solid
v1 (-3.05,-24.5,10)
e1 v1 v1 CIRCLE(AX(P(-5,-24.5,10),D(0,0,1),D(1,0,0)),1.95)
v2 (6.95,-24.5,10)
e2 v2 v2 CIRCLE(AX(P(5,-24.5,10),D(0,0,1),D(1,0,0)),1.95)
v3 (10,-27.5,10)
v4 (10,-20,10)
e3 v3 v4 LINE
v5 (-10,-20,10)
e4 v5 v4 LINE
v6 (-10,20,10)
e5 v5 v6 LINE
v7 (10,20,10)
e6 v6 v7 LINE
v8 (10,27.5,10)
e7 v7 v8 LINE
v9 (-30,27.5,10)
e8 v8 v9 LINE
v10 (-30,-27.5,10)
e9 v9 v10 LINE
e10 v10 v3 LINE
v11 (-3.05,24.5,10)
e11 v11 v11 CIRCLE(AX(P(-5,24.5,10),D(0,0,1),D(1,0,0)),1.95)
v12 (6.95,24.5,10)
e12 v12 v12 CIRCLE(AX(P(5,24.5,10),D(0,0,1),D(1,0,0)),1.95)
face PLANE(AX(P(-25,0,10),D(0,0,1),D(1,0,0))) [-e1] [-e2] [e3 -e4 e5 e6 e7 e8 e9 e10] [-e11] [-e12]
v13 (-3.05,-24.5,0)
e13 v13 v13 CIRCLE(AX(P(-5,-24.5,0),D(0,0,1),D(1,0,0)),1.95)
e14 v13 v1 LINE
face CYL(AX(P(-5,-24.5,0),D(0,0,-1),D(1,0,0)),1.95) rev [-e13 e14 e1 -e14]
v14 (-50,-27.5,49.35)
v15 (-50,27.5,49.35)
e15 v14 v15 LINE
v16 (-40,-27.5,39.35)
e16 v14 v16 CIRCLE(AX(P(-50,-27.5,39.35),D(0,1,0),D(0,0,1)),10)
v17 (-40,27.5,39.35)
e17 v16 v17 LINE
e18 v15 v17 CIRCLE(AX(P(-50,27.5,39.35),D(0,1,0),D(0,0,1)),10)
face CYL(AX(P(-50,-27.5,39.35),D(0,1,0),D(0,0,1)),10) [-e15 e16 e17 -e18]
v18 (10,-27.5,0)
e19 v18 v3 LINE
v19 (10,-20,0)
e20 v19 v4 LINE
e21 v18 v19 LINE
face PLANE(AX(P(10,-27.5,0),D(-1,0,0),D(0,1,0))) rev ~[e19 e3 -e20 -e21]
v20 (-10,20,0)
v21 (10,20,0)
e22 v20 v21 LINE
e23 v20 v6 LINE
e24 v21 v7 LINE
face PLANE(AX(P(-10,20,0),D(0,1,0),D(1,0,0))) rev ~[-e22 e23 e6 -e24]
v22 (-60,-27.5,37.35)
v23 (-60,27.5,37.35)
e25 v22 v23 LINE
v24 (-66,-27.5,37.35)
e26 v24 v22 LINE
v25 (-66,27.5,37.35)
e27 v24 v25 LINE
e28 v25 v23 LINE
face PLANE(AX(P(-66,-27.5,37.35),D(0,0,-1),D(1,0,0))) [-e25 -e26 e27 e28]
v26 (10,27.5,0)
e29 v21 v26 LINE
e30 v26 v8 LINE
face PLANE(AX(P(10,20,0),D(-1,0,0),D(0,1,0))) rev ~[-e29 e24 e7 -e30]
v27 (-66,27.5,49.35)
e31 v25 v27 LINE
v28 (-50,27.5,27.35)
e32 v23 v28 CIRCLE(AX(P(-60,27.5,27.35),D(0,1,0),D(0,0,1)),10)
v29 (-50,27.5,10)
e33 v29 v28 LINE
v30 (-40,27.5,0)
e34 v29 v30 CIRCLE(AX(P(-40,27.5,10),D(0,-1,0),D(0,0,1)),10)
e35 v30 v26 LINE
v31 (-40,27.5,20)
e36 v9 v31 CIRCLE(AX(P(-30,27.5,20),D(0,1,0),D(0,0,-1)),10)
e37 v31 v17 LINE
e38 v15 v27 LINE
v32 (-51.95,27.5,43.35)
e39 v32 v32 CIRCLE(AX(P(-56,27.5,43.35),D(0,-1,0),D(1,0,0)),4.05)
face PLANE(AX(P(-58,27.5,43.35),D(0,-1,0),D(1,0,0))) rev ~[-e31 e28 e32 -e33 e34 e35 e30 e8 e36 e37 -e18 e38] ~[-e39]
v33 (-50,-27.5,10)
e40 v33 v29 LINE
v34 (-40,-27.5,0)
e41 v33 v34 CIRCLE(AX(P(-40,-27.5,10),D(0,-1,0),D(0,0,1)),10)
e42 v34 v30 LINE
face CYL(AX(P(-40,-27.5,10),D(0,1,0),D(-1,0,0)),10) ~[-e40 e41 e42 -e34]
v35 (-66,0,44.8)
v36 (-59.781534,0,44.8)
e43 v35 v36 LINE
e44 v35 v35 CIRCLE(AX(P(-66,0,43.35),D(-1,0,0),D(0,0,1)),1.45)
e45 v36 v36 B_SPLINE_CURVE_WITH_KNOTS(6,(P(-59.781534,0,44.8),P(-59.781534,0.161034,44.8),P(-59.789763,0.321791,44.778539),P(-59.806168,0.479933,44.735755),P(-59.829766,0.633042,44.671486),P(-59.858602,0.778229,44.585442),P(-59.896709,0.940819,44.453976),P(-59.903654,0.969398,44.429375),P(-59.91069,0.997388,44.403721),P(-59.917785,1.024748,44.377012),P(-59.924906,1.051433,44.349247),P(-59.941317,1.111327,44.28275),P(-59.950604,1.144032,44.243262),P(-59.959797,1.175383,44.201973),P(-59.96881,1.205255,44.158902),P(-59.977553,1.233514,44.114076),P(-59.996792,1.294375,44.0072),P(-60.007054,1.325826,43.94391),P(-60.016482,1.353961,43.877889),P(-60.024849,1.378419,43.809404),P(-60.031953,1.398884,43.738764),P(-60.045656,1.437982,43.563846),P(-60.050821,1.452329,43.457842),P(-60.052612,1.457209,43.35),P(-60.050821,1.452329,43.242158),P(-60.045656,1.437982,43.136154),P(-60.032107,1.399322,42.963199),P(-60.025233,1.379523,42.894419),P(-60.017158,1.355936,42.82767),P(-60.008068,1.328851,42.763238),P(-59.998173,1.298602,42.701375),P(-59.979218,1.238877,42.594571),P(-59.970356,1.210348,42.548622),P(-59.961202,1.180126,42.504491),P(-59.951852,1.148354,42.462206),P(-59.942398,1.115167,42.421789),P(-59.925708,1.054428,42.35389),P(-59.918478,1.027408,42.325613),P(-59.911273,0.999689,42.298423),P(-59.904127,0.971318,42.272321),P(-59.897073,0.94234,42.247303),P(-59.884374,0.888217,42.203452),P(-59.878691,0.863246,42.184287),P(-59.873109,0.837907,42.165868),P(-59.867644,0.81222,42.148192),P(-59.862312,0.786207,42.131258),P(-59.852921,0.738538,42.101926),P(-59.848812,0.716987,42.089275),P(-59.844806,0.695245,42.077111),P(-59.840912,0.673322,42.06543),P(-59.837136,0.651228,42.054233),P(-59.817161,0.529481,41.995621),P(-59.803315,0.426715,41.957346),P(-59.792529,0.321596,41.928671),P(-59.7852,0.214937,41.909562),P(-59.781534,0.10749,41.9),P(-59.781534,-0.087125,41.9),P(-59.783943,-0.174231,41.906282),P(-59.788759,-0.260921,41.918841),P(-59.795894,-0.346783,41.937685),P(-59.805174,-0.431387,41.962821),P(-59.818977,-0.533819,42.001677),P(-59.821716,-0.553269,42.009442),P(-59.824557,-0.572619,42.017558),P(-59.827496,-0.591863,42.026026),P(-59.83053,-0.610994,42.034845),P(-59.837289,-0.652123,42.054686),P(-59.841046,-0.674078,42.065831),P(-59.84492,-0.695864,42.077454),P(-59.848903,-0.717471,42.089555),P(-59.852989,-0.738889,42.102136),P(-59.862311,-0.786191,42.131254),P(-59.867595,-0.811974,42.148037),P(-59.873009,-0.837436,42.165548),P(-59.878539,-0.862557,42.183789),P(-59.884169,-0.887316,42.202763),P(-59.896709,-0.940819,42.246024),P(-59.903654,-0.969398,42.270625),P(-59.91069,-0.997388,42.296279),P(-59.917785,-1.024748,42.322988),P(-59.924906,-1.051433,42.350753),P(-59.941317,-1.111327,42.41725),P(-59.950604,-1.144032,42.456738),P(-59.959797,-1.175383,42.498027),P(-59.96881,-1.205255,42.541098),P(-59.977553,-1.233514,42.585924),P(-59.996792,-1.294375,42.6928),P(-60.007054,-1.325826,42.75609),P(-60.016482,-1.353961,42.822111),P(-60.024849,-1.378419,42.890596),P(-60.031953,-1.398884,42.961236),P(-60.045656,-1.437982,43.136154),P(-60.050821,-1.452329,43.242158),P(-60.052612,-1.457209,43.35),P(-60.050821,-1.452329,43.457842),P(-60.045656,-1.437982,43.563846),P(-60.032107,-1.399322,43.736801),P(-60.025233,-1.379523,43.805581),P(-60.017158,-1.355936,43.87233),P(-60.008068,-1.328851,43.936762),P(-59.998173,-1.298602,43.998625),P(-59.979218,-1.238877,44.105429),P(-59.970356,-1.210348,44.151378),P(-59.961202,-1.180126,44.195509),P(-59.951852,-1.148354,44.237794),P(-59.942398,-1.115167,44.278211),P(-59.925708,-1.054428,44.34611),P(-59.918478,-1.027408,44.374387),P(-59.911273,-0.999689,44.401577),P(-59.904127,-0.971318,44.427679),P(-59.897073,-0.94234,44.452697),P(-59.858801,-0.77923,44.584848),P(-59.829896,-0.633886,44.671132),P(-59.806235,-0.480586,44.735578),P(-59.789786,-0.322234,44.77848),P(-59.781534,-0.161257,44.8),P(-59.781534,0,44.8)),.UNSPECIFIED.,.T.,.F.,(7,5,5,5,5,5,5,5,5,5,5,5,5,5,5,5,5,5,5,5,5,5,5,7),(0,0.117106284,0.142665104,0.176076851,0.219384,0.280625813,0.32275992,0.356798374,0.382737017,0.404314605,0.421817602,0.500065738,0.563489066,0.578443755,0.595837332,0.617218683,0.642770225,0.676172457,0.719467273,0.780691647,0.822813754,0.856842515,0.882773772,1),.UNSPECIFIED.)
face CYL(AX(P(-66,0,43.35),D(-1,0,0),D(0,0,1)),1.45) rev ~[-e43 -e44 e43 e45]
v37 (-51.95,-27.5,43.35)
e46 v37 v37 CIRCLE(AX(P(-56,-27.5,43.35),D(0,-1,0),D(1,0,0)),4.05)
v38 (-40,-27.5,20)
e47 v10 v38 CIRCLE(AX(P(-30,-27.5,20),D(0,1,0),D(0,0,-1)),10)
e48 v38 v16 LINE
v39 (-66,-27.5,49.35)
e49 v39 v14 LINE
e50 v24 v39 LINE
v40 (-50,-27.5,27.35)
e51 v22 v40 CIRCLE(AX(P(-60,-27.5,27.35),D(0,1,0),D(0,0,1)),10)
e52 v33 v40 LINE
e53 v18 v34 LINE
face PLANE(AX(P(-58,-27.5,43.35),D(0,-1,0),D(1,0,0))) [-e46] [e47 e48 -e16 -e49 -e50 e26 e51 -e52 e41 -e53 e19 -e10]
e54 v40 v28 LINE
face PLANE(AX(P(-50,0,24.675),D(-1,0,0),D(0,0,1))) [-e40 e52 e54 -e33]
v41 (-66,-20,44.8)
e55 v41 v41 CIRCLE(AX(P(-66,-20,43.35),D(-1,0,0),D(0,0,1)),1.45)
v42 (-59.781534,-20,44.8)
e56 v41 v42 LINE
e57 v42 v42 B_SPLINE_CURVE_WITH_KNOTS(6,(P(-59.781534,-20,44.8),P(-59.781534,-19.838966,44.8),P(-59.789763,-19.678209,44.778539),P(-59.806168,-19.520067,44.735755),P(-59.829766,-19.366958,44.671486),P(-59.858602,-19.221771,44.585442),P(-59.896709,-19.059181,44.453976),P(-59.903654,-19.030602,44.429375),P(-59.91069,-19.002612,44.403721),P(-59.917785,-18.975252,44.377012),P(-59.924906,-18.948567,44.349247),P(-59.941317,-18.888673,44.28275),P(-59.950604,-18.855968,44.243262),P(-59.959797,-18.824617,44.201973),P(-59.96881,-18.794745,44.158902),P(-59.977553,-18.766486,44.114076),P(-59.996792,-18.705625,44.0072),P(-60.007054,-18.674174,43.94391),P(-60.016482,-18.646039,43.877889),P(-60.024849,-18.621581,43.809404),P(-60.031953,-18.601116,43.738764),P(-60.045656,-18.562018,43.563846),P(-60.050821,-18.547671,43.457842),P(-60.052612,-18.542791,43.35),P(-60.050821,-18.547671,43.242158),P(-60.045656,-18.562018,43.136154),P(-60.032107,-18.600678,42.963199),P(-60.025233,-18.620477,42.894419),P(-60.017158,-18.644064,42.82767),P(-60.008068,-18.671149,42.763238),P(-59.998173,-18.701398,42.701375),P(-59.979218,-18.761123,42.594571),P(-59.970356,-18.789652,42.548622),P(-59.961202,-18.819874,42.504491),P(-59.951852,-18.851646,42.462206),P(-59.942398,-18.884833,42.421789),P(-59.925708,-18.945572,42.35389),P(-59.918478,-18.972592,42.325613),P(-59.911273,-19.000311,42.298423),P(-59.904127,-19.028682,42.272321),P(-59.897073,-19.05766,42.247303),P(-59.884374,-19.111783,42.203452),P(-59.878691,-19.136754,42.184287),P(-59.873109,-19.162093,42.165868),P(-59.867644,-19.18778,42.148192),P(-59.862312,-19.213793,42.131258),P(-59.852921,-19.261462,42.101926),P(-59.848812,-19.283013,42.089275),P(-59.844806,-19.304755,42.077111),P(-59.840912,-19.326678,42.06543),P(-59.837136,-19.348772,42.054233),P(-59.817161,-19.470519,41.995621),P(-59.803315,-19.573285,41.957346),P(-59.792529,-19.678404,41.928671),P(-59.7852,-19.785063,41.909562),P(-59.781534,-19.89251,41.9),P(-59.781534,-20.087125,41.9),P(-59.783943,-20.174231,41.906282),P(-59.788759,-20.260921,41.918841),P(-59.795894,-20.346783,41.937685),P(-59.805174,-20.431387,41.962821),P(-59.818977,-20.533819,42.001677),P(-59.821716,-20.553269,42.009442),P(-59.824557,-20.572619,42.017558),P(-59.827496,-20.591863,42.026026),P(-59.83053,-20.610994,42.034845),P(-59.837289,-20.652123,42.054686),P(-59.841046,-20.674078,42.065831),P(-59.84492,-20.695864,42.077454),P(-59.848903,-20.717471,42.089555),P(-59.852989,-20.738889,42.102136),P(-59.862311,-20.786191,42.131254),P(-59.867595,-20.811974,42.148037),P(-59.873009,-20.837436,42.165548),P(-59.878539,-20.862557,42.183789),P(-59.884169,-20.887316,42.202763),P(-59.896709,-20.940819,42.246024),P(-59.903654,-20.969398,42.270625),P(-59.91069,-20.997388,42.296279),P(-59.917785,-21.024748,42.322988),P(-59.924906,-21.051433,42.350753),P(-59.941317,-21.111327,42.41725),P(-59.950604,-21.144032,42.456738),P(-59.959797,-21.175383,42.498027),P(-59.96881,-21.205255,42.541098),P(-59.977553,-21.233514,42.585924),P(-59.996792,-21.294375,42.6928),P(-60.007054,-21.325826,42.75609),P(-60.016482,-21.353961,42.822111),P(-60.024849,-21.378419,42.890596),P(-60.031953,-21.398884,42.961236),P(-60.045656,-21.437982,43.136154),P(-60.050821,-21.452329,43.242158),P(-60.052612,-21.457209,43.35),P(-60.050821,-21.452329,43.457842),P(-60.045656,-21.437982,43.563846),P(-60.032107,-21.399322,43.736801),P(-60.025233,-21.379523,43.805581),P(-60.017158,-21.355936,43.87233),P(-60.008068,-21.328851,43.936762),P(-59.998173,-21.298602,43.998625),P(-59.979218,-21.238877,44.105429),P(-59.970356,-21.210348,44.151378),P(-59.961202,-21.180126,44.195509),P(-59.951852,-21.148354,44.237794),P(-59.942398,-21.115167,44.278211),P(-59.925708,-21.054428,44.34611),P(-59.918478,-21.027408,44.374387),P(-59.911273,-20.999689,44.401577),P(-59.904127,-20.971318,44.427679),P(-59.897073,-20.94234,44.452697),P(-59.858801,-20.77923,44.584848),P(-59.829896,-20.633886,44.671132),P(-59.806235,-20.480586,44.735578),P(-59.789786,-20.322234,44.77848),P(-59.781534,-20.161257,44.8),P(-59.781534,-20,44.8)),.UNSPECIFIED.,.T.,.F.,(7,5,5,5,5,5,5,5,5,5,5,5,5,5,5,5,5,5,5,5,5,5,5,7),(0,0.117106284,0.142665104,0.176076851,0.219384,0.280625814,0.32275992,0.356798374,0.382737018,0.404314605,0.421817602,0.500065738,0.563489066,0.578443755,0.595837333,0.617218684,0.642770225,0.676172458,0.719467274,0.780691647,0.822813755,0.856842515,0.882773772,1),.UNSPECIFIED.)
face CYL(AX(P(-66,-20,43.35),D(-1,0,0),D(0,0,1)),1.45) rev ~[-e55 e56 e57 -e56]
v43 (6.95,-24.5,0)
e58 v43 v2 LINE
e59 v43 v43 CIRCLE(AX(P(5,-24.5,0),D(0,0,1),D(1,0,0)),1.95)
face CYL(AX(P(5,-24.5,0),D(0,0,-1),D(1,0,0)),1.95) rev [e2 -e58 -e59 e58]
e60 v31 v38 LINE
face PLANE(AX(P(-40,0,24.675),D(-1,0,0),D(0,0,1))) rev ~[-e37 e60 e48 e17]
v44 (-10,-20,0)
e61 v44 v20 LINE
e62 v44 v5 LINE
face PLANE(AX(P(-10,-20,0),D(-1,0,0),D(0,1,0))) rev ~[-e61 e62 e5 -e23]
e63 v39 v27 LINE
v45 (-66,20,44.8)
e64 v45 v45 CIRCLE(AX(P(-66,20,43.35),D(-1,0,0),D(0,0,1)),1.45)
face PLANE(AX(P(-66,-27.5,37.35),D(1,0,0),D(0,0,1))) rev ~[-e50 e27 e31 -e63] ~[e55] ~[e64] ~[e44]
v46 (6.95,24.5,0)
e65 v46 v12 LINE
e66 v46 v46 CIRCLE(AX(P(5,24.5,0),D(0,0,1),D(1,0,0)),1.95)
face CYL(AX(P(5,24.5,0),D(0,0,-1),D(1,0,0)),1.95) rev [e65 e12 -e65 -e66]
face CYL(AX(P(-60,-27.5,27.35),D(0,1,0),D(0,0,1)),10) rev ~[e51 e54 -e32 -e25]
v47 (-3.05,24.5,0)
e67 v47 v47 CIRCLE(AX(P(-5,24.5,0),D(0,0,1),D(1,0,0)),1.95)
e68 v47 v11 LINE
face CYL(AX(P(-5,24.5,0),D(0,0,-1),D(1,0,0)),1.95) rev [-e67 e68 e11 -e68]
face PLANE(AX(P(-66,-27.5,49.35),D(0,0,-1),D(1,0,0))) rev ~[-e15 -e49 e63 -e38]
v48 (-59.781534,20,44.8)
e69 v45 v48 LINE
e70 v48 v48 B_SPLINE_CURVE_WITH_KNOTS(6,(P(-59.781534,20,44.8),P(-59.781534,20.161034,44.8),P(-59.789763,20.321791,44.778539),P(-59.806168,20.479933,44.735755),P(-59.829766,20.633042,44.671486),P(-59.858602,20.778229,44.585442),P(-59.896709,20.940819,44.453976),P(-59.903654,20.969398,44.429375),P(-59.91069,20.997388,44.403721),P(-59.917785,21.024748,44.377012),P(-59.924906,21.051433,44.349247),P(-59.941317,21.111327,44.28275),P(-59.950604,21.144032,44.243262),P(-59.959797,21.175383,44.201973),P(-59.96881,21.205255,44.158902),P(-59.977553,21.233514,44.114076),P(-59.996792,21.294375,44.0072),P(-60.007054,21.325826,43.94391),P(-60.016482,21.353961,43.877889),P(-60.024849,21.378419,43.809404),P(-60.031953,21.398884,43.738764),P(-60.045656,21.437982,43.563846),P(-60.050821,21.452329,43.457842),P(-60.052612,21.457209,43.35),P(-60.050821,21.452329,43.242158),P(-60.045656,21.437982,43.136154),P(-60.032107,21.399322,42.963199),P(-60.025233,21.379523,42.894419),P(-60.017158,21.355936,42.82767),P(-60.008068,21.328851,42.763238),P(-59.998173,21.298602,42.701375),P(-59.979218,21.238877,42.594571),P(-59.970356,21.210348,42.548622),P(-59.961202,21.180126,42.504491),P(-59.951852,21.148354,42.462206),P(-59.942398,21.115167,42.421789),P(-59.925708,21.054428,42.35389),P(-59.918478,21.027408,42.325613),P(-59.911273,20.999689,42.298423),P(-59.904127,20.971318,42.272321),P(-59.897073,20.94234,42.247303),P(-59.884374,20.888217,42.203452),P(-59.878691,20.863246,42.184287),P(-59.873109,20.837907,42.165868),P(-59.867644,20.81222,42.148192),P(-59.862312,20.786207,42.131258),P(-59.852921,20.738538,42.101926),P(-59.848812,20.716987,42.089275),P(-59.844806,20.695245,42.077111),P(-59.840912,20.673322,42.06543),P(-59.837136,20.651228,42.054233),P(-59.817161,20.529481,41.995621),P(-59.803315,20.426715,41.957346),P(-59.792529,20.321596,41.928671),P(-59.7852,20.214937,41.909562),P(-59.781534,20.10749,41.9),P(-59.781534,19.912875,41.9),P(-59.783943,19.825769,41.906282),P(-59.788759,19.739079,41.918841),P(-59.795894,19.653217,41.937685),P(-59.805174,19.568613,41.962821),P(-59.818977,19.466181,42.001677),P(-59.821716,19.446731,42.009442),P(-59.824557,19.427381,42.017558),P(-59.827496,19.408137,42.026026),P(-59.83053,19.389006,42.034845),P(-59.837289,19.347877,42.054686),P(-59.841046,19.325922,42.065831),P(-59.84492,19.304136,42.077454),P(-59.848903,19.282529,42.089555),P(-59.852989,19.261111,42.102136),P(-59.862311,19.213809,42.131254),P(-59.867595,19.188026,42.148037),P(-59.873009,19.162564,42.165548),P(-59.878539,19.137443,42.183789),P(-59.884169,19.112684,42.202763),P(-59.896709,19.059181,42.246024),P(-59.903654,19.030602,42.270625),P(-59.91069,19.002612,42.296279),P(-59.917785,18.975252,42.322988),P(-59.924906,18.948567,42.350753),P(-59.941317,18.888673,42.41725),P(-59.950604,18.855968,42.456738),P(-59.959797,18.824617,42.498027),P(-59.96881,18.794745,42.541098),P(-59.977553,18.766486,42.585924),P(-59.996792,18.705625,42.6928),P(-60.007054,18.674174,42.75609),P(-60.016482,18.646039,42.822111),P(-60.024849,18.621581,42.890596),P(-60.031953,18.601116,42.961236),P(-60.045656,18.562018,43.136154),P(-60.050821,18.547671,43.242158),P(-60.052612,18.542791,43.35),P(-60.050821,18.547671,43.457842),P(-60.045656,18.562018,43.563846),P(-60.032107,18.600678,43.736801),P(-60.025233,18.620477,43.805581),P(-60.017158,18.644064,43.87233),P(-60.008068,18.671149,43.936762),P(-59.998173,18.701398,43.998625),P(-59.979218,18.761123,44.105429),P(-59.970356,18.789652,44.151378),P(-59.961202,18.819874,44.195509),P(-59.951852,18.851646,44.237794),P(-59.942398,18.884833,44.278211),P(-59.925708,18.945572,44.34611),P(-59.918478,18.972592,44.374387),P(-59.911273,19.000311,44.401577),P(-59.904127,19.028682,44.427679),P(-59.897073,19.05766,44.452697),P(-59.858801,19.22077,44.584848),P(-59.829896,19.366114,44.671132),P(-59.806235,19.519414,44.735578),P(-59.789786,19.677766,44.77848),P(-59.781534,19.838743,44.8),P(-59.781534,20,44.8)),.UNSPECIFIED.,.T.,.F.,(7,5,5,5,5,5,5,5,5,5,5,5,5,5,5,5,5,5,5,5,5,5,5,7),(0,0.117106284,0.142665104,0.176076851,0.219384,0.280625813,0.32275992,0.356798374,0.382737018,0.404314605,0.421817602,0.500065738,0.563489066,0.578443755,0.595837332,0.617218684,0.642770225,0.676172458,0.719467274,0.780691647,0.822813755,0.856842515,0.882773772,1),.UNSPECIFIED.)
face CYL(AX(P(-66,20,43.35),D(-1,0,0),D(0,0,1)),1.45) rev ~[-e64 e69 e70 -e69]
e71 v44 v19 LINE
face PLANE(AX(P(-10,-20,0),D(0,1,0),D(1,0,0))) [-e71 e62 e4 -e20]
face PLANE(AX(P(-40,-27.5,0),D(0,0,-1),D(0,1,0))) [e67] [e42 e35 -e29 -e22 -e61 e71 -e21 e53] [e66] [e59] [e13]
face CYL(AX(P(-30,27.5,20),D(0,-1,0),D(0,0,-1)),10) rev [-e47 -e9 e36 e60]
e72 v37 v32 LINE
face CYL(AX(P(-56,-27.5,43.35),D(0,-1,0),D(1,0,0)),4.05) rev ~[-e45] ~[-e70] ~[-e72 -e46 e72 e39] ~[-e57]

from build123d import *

# Parameters (mm, degrees)
SKETCH1_W           = 20
SKETCH1_H           = 7.5
SKETCH1_R           = 1.95
BOSS_EXTRUDE2_DEPTH = 10
SKETCH3_W           = 49.35
SKETCH3_H           = 55
BOSS_EXTRUDE3_DEPTH = 10
SKETCH4_W           = 16
SKETCH4_H           = 12
SKETCH4_R           = 4.05
BOSS_EXTRUDE4_DEPTH = 55
SKETCH5_R           = 1.45
CUT_EXTRUDE1_DEPTH  = 10
FILLET1_R           = 10


with BuildPart() as part:
    # Sketch1 → Boss-Extrude2 (new body)
    with BuildSketch(Plane.XY):
        Polygon((-10, 27.5), (-40, 27.5), (-40, -27.5), (-10, -27.5), (-10, -20), (-10, 20), align=None)
        with Locations((0, 23.75)):
            Rectangle(SKETCH1_W, SKETCH1_H)
        with Locations((5, 24.5)):
            Circle(SKETCH1_R, mode=Mode.SUBTRACT)
        with Locations((-5, 24.5)):
            Circle(SKETCH1_R, mode=Mode.SUBTRACT)
        with Locations((0, -23.75)):
            Rectangle(SKETCH1_W, SKETCH1_H)
        with Locations((5, -24.5)):
            Circle(SKETCH1_R, mode=Mode.SUBTRACT)
        with Locations((-5, -24.5)):
            Circle(SKETCH1_R, mode=Mode.SUBTRACT)
    extrude(amount=BOSS_EXTRUDE2_DEPTH)

    # Sketch3 → Boss-Extrude3 (add)
    with BuildSketch(Plane.ZY.offset(40)):
        with Locations((24.675, 0)):
            Rectangle(SKETCH3_W, SKETCH3_H)
    extrude(amount=BOSS_EXTRUDE3_DEPTH)

    # Sketch4 → Boss-Extrude4 (add)
    with BuildSketch(Plane.XZ.offset(27.5)):
        with Locations((-58, 43.35)):
            Rectangle(SKETCH4_W, SKETCH4_H)
        with Locations((-56, 43.35)):
            Circle(SKETCH4_R, mode=Mode.SUBTRACT)
    extrude(amount=-BOSS_EXTRUDE4_DEPTH)

    # Sketch5 → Cut-Extrude1 (cut)
    with BuildSketch(Plane.ZY.offset(66)):
        with Locations((43.35, 20)):
            Circle(SKETCH5_R)
        with Locations((43.35, 0)):
            Circle(SKETCH5_R)
        with Locations((43.35, -20)):
            Circle(SKETCH5_R)
    extrude(amount=-CUT_EXTRUDE1_DEPTH, mode=Mode.SUBTRACT)

    # Fillet1
    fillet1_edges = [part.edges().sort_by_distance(p)[0] for p in [
        (-40, 0, 10),
        (-40, 0, 49.35),
        (-50, 0, 0),
        (-50, 0, 37.35),
    ]]
    fillet(fillet1_edges, radius=FILLET1_R)


solid = part.part
